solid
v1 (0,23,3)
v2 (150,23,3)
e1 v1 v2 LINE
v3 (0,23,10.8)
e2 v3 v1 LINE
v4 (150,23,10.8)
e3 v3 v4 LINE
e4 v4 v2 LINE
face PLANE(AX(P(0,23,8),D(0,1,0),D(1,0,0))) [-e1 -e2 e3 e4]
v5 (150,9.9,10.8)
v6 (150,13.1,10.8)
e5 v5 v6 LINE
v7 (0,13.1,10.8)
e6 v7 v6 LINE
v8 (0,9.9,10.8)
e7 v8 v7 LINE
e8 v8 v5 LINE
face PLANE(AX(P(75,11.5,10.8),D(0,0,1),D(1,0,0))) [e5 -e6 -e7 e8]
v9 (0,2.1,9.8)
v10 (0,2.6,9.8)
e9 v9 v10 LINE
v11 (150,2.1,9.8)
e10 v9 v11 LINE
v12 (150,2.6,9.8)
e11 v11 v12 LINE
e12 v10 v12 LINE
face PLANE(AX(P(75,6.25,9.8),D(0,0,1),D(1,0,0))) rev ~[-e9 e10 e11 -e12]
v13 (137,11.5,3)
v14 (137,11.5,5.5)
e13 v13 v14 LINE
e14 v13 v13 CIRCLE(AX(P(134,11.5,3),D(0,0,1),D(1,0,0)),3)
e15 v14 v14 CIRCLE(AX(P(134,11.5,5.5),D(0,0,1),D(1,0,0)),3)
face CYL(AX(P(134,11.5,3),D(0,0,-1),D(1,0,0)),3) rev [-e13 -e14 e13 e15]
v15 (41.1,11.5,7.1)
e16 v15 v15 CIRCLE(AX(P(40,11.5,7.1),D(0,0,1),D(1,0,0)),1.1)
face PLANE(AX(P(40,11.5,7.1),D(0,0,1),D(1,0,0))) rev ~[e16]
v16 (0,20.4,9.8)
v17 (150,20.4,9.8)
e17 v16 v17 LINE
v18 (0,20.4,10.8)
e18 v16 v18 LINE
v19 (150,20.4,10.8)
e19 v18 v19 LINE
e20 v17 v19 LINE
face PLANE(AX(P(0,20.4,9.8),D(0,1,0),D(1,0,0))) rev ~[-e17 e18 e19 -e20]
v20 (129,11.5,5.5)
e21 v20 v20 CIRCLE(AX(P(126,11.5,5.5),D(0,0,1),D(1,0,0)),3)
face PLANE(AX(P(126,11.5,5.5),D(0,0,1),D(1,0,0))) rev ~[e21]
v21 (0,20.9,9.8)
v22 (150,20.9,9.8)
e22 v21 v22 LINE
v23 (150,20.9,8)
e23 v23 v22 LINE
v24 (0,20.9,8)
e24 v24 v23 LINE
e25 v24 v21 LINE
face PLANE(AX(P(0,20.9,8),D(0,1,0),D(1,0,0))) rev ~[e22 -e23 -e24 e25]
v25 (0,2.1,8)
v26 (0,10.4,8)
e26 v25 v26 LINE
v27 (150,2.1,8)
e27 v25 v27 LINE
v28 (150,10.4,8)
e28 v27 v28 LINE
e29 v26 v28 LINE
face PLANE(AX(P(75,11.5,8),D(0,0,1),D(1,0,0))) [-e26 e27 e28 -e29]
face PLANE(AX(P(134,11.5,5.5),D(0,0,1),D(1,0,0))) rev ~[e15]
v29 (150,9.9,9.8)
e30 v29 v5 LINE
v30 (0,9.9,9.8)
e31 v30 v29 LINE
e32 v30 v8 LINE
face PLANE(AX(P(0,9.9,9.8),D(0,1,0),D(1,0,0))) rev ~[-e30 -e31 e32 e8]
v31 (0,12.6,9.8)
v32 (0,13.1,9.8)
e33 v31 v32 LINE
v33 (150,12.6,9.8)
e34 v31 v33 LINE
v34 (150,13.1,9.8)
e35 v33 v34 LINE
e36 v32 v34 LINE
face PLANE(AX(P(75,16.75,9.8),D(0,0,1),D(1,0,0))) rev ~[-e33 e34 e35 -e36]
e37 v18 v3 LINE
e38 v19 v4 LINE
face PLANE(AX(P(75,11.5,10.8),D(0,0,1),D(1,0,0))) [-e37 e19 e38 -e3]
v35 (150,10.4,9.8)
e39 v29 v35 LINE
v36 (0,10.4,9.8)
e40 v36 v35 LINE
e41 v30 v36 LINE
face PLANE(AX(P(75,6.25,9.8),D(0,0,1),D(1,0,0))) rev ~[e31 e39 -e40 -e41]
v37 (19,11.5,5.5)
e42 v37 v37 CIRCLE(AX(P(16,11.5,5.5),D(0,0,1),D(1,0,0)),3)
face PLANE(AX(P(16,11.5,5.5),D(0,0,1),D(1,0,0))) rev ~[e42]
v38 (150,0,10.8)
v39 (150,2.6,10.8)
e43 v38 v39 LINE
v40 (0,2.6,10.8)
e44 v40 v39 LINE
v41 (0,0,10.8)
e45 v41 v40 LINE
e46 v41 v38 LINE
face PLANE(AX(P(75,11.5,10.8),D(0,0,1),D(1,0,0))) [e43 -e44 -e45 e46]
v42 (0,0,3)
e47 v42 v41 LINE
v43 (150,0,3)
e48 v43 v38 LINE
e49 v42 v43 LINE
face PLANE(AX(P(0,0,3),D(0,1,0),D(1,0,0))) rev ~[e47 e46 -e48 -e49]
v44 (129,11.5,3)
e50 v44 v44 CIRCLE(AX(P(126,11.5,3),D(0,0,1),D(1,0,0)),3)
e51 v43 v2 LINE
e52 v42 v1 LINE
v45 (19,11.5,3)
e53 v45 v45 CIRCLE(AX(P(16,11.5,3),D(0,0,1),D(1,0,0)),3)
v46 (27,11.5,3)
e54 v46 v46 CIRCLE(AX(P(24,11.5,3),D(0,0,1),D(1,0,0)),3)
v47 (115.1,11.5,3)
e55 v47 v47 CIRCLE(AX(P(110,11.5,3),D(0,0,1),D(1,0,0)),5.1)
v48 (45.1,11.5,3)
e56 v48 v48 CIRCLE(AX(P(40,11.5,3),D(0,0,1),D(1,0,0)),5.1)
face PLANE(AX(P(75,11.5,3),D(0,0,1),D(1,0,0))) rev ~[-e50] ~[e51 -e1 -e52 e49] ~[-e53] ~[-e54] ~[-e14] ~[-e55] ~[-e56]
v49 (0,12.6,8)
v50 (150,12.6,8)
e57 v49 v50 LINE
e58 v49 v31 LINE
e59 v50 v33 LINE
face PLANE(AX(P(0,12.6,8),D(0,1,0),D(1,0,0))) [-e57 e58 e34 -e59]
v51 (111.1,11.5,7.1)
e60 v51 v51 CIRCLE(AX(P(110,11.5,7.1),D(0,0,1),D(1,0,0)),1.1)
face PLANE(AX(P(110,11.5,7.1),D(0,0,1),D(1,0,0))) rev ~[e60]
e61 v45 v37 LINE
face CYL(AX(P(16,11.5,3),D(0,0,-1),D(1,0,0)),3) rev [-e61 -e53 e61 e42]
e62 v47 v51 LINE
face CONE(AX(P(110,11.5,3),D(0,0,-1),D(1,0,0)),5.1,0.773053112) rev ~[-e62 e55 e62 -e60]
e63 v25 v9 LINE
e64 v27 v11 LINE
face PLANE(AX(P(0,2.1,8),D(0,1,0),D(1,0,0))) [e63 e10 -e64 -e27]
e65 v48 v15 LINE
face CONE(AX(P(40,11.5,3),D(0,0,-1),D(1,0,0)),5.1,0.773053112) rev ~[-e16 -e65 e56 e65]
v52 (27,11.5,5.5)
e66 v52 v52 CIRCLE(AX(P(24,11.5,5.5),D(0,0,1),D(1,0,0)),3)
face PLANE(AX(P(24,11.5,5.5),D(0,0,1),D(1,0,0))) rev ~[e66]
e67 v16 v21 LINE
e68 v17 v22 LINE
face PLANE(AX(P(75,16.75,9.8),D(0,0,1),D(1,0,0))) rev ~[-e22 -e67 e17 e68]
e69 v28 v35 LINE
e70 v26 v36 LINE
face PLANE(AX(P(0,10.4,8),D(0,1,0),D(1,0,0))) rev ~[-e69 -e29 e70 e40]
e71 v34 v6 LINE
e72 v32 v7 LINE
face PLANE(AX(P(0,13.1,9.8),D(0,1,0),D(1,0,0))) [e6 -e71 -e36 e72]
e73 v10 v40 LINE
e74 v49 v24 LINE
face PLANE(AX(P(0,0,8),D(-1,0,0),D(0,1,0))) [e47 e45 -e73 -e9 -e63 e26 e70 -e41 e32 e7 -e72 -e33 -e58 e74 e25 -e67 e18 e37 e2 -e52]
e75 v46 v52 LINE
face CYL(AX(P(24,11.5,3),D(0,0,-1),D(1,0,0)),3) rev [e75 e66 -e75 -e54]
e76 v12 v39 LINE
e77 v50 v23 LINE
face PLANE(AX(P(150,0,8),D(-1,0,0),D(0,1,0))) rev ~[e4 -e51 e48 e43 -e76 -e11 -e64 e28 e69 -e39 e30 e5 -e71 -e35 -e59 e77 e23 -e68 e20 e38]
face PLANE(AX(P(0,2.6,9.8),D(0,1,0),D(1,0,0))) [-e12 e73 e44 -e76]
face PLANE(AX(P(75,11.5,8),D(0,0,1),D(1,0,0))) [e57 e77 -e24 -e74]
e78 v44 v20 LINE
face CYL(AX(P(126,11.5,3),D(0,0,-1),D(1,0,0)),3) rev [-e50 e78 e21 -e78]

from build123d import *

# Parameters (mm, degrees)
BOX017_W          = 150
BOX017_H          = 7.3
BOX017_DEPTH      = 1
BOX018_W          = 150
BOX018_H          = 7.3
BOX018_DEPTH      = 1
BOX016_W          = 150
BOX016_H          = 8.3
BOX016_DEPTH      = 1.8
BOX015_W          = 150
BOX015_H          = 8.3
BOX015_DEPTH      = 1.8
BOX014_W          = 150
BOX014_H          = 23
BOX014_DEPTH      = 2.8
CYLINDER006_R     = 3
CYLINDER006_DEPTH = 2.5
CYLINDER005_R     = 3
CYLINDER005_DEPTH = 2.5
CYLINDER007_R     = 3
CYLINDER007_DEPTH = 2.5
CYLINDER004_R     = 3
CYLINDER004_DEPTH = 2.5
BOX001_W          = 150
BOX001_H          = 23
BOX001_DEPTH      = 5


with BuildPart() as box017:
    # Box017 → Box017 (new body)
    with BuildSketch(Plane(origin=(0, 2.6, 10.8), x_dir=(1, 0, 0), z_dir=(0, 0, 1))):
        with Locations((75, 3.65)):
            Rectangle(BOX017_W, BOX017_H)
    extrude(amount=BOX017_DEPTH)


with BuildPart() as box018:
    # Box018 → Box018 (new body)
    with BuildSketch(Plane(origin=(0, 13.1, 10.8), x_dir=(1, 0, 0), z_dir=(0, 0, 1))):
        with Locations((75, 3.65)):
            Rectangle(BOX018_W, BOX018_H)
    extrude(amount=BOX018_DEPTH)


with BuildPart() as box016:
    # Box016 → Box016 (new body)
    with BuildSketch(Plane(origin=(0, 12.6, 9), x_dir=(1, 0, 0), z_dir=(0, 0, 1))):
        with Locations((75, 4.15)):
            Rectangle(BOX016_W, BOX016_H)
    extrude(amount=BOX016_DEPTH)


with BuildPart() as fusion006:
    # Box015 → Box015 (new body)
    with BuildSketch(Plane(origin=(0, 2.1, 9), x_dir=(1, 0, 0), z_dir=(0, 0, 1))):
        with Locations((75, 4.15)):
            Rectangle(BOX015_W, BOX015_H)
    extrude(amount=BOX015_DEPTH)

    # Fusion006: union Box017, Box018, Box016
    add(box017.part)
    add(box018.part)
    add(box016.part)


with BuildPart() as f_2x_8mm_tape:
    # Box014 → Box014 (new body)
    with BuildSketch(Plane.XY.offset(9)):
        with Locations((75, 11.5)):
            Rectangle(BOX014_W, BOX014_H)
    extrude(amount=BOX014_DEPTH)

    # Cut006: cut Fusion006
    add(fusion006.part, mode=Mode.SUBTRACT)


with BuildPart() as f_2x_8mm_tape_1:
    # Cut006 placement: moved
    add(f_2x_8mm_tape.part.moved(Location((0, 0, -1))))


with BuildPart() as cone002:
    # Cone002 → Cone002 (revolve)
    with BuildSketch(Plane(origin=(40, 11.5, 3), x_dir=(1, 0, 0), z_dir=(0, -1, 0))):
        Polygon((0, 0), (5.1, 0), (1.1, 4.1), (0, 4.1), align=None)
    revolve(axis=Axis((40, 11.5, 3), (0, 0, 1)))


with BuildPart() as cone003:
    # Cone003 → Cone003 (revolve)
    with BuildSketch(Plane(origin=(110, 11.5, 3), x_dir=(1, 0, 0), z_dir=(0, -1, 0))):
        Polygon((0, 0), (5.1, 0), (1.1, 4.1), (0, 4.1), align=None)
    revolve(axis=Axis((110, 11.5, 3), (0, 0, 1)))


with BuildPart() as cylinder006:
    # Cylinder006 → Cylinder006 (new body)
    with BuildSketch(Plane(origin=(24, 11.5, 3), x_dir=(1, 0, 0), z_dir=(0, 0, 1))):
        Circle(CYLINDER006_R)
    extrude(amount=CYLINDER006_DEPTH)


with BuildPart() as cylinder005:
    # Cylinder005 → Cylinder005 (new body)
    with BuildSketch(Plane(origin=(126, 11.5, 3), x_dir=(1, 0, 0), z_dir=(0, 0, 1))):
        Circle(CYLINDER005_R)
    extrude(amount=CYLINDER005_DEPTH)


with BuildPart() as cylinder007:
    # Cylinder007 → Cylinder007 (new body)
    with BuildSketch(Plane(origin=(134, 11.5, 3), x_dir=(1, 0, 0), z_dir=(0, 0, 1))):
        Circle(CYLINDER007_R)
    extrude(amount=CYLINDER007_DEPTH)


with BuildPart() as removals:
    # Cylinder004 → Cylinder004 (new body)
    with BuildSketch(Plane(origin=(16, 11.5, 3), x_dir=(1, 0, 0), z_dir=(0, 0, 1))):
        Circle(CYLINDER004_R)
    extrude(amount=CYLINDER004_DEPTH)

    # Fusion002: union Cone002, Cone003, Cylinder006, Cylinder005, Cylinder007
    add(cone002.part)
    add(cone003.part)
    add(cylinder006.part)
    add(cylinder005.part)
    add(cylinder007.part)


with BuildPart() as top_2x_8mm:
    # Box001 → Box001 (new body)
    with BuildSketch(Plane.XY.offset(3)):
        with Locations((75, 11.5)):
            Rectangle(BOX001_W, BOX001_H)
    extrude(amount=BOX001_DEPTH)

    # Cut001: cut removals
    add(removals.part, mode=Mode.SUBTRACT)

    # Fusion009: union 2X_8mm_tape
    add(f_2x_8mm_tape_1.part)


solid = top_2x_8mm.part
